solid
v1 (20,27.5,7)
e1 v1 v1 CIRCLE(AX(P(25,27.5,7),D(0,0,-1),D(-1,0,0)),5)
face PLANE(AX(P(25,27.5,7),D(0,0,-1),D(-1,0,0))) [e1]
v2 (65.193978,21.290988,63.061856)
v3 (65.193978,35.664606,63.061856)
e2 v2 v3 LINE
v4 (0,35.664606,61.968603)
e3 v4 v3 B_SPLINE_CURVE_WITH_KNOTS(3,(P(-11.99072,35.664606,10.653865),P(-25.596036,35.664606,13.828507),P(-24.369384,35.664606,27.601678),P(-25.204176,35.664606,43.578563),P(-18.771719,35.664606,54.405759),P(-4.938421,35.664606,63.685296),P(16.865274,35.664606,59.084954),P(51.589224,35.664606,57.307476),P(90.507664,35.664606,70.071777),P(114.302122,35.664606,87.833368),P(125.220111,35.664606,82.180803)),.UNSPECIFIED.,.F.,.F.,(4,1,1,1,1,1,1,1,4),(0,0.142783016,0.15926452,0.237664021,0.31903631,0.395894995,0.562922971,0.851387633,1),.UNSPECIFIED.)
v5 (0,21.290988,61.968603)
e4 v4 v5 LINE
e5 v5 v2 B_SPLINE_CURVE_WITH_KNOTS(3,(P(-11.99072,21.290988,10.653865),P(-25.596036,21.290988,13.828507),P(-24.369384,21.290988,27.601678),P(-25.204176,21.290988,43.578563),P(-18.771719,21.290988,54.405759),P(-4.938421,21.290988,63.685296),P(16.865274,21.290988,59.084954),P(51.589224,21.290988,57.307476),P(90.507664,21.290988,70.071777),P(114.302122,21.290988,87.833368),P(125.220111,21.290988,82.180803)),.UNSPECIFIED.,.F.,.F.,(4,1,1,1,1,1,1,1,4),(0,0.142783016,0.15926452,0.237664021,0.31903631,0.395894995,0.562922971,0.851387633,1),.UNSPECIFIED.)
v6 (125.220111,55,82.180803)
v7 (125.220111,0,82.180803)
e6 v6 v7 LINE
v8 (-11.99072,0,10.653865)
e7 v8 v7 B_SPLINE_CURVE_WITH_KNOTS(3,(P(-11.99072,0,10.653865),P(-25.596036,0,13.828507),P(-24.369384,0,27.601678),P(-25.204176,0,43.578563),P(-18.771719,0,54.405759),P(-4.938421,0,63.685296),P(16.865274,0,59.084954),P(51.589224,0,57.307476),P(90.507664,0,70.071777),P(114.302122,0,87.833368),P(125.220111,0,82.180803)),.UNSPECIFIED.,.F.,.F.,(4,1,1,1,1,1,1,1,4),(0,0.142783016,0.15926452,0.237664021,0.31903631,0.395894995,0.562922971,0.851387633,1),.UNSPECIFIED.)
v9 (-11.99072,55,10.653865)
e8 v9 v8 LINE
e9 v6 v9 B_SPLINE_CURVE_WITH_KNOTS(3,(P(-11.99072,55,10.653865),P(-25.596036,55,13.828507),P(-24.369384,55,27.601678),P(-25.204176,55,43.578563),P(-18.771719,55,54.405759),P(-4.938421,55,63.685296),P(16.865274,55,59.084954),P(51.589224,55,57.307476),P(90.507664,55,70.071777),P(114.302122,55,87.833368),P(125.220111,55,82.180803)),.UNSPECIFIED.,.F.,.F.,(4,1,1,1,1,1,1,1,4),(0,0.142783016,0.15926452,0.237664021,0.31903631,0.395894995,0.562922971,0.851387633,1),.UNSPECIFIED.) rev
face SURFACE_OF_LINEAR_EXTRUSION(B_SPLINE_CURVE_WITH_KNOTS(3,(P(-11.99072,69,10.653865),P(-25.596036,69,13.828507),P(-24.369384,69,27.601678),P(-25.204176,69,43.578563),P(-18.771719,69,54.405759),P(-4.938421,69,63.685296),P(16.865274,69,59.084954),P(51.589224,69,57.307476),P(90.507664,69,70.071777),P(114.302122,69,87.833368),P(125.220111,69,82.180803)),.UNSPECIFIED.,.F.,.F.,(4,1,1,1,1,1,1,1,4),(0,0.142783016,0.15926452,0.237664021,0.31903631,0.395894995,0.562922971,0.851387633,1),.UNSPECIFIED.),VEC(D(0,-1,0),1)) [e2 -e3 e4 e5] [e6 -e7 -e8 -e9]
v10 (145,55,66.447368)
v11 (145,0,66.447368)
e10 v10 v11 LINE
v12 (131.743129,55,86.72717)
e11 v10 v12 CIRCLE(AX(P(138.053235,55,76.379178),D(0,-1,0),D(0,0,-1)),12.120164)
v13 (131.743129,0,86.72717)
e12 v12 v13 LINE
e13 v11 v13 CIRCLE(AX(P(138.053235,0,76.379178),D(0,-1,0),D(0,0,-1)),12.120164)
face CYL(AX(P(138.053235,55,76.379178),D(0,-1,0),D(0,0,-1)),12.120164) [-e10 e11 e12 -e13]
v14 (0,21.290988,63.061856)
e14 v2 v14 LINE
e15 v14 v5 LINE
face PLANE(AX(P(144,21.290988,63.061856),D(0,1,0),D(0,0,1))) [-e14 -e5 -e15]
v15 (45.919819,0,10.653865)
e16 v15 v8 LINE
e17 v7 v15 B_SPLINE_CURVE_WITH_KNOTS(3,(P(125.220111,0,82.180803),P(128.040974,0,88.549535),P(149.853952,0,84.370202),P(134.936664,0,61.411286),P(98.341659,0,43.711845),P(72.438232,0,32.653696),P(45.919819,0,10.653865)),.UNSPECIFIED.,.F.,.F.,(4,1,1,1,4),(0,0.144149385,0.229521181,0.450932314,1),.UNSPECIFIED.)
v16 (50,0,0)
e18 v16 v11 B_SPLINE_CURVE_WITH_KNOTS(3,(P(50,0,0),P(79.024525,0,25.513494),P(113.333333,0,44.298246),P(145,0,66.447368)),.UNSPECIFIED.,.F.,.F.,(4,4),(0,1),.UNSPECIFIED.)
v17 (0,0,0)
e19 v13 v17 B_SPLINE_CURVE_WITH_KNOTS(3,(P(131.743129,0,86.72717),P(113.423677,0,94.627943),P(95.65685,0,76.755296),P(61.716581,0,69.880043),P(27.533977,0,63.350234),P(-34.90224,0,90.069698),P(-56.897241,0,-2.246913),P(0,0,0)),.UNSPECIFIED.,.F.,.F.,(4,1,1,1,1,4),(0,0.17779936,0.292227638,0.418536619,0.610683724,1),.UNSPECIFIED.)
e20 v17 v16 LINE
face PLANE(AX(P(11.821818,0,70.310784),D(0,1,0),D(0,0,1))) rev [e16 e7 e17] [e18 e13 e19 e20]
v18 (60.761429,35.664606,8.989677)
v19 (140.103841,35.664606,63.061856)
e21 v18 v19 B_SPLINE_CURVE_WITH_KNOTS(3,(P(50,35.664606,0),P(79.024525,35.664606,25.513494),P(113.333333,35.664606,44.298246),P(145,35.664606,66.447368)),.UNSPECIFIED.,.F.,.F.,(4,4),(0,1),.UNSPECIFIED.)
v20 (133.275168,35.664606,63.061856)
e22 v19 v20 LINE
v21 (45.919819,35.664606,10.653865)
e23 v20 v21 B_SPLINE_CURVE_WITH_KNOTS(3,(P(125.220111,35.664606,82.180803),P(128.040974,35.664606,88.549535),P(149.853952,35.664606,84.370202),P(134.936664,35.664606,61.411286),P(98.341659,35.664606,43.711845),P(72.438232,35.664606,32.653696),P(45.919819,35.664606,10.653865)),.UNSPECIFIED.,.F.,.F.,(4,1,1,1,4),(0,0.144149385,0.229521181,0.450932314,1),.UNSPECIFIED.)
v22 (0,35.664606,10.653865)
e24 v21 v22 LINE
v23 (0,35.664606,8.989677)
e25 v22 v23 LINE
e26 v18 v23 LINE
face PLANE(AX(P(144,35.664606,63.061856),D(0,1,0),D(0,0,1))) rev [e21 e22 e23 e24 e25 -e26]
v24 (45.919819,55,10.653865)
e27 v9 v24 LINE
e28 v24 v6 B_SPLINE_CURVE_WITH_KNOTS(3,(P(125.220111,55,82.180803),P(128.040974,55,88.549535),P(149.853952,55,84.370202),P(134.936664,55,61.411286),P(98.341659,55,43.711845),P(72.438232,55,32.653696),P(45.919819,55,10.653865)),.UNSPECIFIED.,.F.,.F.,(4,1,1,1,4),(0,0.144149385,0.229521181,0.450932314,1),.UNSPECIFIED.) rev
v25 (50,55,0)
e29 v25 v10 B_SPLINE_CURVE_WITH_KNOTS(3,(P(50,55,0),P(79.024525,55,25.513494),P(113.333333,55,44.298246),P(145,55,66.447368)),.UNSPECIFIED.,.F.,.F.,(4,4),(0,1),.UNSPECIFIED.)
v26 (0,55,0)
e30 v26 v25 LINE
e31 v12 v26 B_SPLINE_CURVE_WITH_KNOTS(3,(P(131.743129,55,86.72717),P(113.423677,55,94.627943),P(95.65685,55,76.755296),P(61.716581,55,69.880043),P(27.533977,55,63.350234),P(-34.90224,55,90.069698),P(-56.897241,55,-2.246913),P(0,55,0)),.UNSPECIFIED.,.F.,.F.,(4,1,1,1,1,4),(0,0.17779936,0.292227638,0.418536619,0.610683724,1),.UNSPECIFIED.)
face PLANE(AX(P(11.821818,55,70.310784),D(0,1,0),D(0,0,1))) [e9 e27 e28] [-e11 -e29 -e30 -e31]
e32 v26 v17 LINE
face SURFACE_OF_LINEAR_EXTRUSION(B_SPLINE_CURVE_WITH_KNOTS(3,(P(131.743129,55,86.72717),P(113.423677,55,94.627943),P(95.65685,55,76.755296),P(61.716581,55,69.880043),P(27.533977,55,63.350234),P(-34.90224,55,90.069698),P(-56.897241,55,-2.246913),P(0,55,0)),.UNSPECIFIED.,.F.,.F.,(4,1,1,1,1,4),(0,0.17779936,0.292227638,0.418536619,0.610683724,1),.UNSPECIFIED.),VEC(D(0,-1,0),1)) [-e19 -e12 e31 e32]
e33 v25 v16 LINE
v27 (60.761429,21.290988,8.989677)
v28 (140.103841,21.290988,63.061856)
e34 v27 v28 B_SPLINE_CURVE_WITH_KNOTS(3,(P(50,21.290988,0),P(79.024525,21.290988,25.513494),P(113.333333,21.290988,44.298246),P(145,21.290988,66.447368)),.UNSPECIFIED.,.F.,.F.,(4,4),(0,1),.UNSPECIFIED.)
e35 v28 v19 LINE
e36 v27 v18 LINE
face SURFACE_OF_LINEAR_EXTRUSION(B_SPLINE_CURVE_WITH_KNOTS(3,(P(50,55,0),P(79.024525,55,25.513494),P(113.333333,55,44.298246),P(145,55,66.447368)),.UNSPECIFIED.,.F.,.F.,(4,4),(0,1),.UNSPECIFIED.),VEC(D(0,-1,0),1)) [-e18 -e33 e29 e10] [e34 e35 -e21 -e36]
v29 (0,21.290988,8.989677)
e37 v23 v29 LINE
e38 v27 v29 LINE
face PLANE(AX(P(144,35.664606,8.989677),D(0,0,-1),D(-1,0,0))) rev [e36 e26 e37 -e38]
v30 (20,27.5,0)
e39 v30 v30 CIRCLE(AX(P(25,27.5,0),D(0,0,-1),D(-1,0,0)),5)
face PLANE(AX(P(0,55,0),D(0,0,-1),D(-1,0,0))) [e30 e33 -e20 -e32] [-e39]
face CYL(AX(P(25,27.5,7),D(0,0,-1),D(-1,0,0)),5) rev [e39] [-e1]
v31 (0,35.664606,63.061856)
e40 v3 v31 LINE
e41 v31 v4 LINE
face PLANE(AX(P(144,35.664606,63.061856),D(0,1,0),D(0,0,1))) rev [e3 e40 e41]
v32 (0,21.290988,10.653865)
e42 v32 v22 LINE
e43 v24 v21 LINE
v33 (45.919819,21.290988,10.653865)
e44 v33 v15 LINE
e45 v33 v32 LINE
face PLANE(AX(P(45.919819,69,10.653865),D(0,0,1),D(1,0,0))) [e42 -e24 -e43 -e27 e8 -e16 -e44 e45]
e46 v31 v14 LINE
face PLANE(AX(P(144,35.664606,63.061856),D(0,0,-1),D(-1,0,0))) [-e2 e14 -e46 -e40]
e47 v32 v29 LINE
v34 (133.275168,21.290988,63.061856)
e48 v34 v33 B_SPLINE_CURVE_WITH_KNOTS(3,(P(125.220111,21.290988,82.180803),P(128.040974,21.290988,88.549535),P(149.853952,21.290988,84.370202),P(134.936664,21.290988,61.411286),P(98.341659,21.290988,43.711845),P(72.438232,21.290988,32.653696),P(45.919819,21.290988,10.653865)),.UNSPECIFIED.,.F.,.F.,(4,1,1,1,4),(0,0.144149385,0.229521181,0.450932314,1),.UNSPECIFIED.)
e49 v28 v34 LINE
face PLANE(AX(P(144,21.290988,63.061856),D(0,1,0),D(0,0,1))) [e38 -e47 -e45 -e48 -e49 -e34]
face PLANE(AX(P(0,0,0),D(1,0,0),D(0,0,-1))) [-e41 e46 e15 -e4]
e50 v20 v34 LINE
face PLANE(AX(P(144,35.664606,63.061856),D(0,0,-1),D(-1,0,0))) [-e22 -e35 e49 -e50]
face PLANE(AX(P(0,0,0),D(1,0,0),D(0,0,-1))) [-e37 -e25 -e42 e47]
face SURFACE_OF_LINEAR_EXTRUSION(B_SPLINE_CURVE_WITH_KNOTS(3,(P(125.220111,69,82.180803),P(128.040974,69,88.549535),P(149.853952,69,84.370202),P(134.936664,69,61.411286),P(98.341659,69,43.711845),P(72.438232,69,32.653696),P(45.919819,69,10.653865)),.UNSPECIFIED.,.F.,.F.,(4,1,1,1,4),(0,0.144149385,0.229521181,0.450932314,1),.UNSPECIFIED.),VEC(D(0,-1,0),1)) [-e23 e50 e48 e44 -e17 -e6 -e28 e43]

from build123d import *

# Parameters (mm, degrees)
BOSS_EXTRUDE1_DEPTH = 55
SKETCH3_R           = 5
CUT_EXTRUDE1_DEPTH  = 7
CUT_EXTRUDE2_DEPTH  = 69
SKETCH5_W           = 54.072178916
SKETCH5_H           = 14.37361718
CUT_EXTRUDE3_DEPTH  = 144


with BuildPart() as part:
    # Sketch1 → Boss-Extrude1 (new body)
    with BuildSketch(Plane(origin=(0, 0, 0), x_dir=(1, 0, 0), z_dir=(0, 1, 0))):
        with BuildLine():
            Line((0, 0), (50, 0))
            add(Edge.make_bspline(
                [(50, 0), (79.02452504, -25.513493785), (113.333333333, -44.298245614), (145, -66.447368421)],
                knots=[0, 0, 0, 0, 1, 1, 1, 1], degree=3))
            ThreePointArc((145, -66.447368421), (148.198132014, -83.010879333), (131.743129046, -86.727170416))
            add(Edge.make_bspline(
                [(131.743129046, -86.727170416), (113.423676908, -94.627943088), (95.656849667, -76.755295672), (61.716581188, -69.880042533), (27.533977158, -63.350234093), (-34.902240082, -90.069698203), (-56.897241406, 2.246913206), (0, 0)],
                knots=[0, 0, 0, 0, 0.17779936, 0.292227638, 0.418536619, 0.610683724, 1, 1, 1, 1], degree=3))
        make_face()
    extrude(amount=BOSS_EXTRUDE1_DEPTH)

    # Sketch3 → Cut-Extrude1 (cut)
    with BuildSketch(Plane(origin=(0, 0, 0), x_dir=(-1, 0, 0), z_dir=(0, 0, -1))):
        with Locations((-25, 27.5)):
            Circle(SKETCH3_R)
    extrude(amount=-CUT_EXTRUDE1_DEPTH, mode=Mode.SUBTRACT)

    # Sketch4 → Cut-Extrude2 (cut)
    with BuildSketch(Plane.XZ):
        with BuildLine():
            Line((45.919818566, 10.653864558), (-11.990720487, 10.653864558))
            add(Edge.make_bspline(
                [(-11.990720487, 10.653864558), (-25.59603624, 13.82850716), (-24.369383918, 27.601677579), (-25.204175969, 43.578563496), (-18.771719351, 54.405758795), (-4.938421362, 63.685295765), (16.865274127, 59.084953931), (51.589224441, 57.30747583), (90.507664472, 70.071776882), (114.302121814, 87.833368244), (125.220110654, 82.180802965)],
                knots=[0, 0, 0, 0, 0.142783016, 0.15926452, 0.237664021, 0.31903631, 0.395894995, 0.562922971, 0.851387633, 1, 1, 1, 1], degree=3))
            add(Edge.make_bspline(
                [(125.220110654, 82.180802965), (128.040973738, 88.549534927), (149.853952229, 84.370202192), (134.936663637, 61.411286394), (98.341658807, 43.711844545), (72.438232015, 32.653695763), (45.919818566, 10.653864558)],
                knots=[0, 0, 0, 0, 0.144149385, 0.229521181, 0.450932314, 1, 1, 1, 1], degree=3))
        make_face()
    extrude(amount=-CUT_EXTRUDE2_DEPTH, mode=Mode.SUBTRACT)

    # Sketch5 → Cut-Extrude3 (cut)
    with BuildSketch(Plane(origin=(0, 0, 0), x_dir=(0, 0, -1), z_dir=(1, 0, 0))):
        with Locations((-36.025766145, 28.477797087)):
            Rectangle(SKETCH5_W, SKETCH5_H)
    extrude(amount=CUT_EXTRUDE3_DEPTH, mode=Mode.SUBTRACT)


solid = part.part
